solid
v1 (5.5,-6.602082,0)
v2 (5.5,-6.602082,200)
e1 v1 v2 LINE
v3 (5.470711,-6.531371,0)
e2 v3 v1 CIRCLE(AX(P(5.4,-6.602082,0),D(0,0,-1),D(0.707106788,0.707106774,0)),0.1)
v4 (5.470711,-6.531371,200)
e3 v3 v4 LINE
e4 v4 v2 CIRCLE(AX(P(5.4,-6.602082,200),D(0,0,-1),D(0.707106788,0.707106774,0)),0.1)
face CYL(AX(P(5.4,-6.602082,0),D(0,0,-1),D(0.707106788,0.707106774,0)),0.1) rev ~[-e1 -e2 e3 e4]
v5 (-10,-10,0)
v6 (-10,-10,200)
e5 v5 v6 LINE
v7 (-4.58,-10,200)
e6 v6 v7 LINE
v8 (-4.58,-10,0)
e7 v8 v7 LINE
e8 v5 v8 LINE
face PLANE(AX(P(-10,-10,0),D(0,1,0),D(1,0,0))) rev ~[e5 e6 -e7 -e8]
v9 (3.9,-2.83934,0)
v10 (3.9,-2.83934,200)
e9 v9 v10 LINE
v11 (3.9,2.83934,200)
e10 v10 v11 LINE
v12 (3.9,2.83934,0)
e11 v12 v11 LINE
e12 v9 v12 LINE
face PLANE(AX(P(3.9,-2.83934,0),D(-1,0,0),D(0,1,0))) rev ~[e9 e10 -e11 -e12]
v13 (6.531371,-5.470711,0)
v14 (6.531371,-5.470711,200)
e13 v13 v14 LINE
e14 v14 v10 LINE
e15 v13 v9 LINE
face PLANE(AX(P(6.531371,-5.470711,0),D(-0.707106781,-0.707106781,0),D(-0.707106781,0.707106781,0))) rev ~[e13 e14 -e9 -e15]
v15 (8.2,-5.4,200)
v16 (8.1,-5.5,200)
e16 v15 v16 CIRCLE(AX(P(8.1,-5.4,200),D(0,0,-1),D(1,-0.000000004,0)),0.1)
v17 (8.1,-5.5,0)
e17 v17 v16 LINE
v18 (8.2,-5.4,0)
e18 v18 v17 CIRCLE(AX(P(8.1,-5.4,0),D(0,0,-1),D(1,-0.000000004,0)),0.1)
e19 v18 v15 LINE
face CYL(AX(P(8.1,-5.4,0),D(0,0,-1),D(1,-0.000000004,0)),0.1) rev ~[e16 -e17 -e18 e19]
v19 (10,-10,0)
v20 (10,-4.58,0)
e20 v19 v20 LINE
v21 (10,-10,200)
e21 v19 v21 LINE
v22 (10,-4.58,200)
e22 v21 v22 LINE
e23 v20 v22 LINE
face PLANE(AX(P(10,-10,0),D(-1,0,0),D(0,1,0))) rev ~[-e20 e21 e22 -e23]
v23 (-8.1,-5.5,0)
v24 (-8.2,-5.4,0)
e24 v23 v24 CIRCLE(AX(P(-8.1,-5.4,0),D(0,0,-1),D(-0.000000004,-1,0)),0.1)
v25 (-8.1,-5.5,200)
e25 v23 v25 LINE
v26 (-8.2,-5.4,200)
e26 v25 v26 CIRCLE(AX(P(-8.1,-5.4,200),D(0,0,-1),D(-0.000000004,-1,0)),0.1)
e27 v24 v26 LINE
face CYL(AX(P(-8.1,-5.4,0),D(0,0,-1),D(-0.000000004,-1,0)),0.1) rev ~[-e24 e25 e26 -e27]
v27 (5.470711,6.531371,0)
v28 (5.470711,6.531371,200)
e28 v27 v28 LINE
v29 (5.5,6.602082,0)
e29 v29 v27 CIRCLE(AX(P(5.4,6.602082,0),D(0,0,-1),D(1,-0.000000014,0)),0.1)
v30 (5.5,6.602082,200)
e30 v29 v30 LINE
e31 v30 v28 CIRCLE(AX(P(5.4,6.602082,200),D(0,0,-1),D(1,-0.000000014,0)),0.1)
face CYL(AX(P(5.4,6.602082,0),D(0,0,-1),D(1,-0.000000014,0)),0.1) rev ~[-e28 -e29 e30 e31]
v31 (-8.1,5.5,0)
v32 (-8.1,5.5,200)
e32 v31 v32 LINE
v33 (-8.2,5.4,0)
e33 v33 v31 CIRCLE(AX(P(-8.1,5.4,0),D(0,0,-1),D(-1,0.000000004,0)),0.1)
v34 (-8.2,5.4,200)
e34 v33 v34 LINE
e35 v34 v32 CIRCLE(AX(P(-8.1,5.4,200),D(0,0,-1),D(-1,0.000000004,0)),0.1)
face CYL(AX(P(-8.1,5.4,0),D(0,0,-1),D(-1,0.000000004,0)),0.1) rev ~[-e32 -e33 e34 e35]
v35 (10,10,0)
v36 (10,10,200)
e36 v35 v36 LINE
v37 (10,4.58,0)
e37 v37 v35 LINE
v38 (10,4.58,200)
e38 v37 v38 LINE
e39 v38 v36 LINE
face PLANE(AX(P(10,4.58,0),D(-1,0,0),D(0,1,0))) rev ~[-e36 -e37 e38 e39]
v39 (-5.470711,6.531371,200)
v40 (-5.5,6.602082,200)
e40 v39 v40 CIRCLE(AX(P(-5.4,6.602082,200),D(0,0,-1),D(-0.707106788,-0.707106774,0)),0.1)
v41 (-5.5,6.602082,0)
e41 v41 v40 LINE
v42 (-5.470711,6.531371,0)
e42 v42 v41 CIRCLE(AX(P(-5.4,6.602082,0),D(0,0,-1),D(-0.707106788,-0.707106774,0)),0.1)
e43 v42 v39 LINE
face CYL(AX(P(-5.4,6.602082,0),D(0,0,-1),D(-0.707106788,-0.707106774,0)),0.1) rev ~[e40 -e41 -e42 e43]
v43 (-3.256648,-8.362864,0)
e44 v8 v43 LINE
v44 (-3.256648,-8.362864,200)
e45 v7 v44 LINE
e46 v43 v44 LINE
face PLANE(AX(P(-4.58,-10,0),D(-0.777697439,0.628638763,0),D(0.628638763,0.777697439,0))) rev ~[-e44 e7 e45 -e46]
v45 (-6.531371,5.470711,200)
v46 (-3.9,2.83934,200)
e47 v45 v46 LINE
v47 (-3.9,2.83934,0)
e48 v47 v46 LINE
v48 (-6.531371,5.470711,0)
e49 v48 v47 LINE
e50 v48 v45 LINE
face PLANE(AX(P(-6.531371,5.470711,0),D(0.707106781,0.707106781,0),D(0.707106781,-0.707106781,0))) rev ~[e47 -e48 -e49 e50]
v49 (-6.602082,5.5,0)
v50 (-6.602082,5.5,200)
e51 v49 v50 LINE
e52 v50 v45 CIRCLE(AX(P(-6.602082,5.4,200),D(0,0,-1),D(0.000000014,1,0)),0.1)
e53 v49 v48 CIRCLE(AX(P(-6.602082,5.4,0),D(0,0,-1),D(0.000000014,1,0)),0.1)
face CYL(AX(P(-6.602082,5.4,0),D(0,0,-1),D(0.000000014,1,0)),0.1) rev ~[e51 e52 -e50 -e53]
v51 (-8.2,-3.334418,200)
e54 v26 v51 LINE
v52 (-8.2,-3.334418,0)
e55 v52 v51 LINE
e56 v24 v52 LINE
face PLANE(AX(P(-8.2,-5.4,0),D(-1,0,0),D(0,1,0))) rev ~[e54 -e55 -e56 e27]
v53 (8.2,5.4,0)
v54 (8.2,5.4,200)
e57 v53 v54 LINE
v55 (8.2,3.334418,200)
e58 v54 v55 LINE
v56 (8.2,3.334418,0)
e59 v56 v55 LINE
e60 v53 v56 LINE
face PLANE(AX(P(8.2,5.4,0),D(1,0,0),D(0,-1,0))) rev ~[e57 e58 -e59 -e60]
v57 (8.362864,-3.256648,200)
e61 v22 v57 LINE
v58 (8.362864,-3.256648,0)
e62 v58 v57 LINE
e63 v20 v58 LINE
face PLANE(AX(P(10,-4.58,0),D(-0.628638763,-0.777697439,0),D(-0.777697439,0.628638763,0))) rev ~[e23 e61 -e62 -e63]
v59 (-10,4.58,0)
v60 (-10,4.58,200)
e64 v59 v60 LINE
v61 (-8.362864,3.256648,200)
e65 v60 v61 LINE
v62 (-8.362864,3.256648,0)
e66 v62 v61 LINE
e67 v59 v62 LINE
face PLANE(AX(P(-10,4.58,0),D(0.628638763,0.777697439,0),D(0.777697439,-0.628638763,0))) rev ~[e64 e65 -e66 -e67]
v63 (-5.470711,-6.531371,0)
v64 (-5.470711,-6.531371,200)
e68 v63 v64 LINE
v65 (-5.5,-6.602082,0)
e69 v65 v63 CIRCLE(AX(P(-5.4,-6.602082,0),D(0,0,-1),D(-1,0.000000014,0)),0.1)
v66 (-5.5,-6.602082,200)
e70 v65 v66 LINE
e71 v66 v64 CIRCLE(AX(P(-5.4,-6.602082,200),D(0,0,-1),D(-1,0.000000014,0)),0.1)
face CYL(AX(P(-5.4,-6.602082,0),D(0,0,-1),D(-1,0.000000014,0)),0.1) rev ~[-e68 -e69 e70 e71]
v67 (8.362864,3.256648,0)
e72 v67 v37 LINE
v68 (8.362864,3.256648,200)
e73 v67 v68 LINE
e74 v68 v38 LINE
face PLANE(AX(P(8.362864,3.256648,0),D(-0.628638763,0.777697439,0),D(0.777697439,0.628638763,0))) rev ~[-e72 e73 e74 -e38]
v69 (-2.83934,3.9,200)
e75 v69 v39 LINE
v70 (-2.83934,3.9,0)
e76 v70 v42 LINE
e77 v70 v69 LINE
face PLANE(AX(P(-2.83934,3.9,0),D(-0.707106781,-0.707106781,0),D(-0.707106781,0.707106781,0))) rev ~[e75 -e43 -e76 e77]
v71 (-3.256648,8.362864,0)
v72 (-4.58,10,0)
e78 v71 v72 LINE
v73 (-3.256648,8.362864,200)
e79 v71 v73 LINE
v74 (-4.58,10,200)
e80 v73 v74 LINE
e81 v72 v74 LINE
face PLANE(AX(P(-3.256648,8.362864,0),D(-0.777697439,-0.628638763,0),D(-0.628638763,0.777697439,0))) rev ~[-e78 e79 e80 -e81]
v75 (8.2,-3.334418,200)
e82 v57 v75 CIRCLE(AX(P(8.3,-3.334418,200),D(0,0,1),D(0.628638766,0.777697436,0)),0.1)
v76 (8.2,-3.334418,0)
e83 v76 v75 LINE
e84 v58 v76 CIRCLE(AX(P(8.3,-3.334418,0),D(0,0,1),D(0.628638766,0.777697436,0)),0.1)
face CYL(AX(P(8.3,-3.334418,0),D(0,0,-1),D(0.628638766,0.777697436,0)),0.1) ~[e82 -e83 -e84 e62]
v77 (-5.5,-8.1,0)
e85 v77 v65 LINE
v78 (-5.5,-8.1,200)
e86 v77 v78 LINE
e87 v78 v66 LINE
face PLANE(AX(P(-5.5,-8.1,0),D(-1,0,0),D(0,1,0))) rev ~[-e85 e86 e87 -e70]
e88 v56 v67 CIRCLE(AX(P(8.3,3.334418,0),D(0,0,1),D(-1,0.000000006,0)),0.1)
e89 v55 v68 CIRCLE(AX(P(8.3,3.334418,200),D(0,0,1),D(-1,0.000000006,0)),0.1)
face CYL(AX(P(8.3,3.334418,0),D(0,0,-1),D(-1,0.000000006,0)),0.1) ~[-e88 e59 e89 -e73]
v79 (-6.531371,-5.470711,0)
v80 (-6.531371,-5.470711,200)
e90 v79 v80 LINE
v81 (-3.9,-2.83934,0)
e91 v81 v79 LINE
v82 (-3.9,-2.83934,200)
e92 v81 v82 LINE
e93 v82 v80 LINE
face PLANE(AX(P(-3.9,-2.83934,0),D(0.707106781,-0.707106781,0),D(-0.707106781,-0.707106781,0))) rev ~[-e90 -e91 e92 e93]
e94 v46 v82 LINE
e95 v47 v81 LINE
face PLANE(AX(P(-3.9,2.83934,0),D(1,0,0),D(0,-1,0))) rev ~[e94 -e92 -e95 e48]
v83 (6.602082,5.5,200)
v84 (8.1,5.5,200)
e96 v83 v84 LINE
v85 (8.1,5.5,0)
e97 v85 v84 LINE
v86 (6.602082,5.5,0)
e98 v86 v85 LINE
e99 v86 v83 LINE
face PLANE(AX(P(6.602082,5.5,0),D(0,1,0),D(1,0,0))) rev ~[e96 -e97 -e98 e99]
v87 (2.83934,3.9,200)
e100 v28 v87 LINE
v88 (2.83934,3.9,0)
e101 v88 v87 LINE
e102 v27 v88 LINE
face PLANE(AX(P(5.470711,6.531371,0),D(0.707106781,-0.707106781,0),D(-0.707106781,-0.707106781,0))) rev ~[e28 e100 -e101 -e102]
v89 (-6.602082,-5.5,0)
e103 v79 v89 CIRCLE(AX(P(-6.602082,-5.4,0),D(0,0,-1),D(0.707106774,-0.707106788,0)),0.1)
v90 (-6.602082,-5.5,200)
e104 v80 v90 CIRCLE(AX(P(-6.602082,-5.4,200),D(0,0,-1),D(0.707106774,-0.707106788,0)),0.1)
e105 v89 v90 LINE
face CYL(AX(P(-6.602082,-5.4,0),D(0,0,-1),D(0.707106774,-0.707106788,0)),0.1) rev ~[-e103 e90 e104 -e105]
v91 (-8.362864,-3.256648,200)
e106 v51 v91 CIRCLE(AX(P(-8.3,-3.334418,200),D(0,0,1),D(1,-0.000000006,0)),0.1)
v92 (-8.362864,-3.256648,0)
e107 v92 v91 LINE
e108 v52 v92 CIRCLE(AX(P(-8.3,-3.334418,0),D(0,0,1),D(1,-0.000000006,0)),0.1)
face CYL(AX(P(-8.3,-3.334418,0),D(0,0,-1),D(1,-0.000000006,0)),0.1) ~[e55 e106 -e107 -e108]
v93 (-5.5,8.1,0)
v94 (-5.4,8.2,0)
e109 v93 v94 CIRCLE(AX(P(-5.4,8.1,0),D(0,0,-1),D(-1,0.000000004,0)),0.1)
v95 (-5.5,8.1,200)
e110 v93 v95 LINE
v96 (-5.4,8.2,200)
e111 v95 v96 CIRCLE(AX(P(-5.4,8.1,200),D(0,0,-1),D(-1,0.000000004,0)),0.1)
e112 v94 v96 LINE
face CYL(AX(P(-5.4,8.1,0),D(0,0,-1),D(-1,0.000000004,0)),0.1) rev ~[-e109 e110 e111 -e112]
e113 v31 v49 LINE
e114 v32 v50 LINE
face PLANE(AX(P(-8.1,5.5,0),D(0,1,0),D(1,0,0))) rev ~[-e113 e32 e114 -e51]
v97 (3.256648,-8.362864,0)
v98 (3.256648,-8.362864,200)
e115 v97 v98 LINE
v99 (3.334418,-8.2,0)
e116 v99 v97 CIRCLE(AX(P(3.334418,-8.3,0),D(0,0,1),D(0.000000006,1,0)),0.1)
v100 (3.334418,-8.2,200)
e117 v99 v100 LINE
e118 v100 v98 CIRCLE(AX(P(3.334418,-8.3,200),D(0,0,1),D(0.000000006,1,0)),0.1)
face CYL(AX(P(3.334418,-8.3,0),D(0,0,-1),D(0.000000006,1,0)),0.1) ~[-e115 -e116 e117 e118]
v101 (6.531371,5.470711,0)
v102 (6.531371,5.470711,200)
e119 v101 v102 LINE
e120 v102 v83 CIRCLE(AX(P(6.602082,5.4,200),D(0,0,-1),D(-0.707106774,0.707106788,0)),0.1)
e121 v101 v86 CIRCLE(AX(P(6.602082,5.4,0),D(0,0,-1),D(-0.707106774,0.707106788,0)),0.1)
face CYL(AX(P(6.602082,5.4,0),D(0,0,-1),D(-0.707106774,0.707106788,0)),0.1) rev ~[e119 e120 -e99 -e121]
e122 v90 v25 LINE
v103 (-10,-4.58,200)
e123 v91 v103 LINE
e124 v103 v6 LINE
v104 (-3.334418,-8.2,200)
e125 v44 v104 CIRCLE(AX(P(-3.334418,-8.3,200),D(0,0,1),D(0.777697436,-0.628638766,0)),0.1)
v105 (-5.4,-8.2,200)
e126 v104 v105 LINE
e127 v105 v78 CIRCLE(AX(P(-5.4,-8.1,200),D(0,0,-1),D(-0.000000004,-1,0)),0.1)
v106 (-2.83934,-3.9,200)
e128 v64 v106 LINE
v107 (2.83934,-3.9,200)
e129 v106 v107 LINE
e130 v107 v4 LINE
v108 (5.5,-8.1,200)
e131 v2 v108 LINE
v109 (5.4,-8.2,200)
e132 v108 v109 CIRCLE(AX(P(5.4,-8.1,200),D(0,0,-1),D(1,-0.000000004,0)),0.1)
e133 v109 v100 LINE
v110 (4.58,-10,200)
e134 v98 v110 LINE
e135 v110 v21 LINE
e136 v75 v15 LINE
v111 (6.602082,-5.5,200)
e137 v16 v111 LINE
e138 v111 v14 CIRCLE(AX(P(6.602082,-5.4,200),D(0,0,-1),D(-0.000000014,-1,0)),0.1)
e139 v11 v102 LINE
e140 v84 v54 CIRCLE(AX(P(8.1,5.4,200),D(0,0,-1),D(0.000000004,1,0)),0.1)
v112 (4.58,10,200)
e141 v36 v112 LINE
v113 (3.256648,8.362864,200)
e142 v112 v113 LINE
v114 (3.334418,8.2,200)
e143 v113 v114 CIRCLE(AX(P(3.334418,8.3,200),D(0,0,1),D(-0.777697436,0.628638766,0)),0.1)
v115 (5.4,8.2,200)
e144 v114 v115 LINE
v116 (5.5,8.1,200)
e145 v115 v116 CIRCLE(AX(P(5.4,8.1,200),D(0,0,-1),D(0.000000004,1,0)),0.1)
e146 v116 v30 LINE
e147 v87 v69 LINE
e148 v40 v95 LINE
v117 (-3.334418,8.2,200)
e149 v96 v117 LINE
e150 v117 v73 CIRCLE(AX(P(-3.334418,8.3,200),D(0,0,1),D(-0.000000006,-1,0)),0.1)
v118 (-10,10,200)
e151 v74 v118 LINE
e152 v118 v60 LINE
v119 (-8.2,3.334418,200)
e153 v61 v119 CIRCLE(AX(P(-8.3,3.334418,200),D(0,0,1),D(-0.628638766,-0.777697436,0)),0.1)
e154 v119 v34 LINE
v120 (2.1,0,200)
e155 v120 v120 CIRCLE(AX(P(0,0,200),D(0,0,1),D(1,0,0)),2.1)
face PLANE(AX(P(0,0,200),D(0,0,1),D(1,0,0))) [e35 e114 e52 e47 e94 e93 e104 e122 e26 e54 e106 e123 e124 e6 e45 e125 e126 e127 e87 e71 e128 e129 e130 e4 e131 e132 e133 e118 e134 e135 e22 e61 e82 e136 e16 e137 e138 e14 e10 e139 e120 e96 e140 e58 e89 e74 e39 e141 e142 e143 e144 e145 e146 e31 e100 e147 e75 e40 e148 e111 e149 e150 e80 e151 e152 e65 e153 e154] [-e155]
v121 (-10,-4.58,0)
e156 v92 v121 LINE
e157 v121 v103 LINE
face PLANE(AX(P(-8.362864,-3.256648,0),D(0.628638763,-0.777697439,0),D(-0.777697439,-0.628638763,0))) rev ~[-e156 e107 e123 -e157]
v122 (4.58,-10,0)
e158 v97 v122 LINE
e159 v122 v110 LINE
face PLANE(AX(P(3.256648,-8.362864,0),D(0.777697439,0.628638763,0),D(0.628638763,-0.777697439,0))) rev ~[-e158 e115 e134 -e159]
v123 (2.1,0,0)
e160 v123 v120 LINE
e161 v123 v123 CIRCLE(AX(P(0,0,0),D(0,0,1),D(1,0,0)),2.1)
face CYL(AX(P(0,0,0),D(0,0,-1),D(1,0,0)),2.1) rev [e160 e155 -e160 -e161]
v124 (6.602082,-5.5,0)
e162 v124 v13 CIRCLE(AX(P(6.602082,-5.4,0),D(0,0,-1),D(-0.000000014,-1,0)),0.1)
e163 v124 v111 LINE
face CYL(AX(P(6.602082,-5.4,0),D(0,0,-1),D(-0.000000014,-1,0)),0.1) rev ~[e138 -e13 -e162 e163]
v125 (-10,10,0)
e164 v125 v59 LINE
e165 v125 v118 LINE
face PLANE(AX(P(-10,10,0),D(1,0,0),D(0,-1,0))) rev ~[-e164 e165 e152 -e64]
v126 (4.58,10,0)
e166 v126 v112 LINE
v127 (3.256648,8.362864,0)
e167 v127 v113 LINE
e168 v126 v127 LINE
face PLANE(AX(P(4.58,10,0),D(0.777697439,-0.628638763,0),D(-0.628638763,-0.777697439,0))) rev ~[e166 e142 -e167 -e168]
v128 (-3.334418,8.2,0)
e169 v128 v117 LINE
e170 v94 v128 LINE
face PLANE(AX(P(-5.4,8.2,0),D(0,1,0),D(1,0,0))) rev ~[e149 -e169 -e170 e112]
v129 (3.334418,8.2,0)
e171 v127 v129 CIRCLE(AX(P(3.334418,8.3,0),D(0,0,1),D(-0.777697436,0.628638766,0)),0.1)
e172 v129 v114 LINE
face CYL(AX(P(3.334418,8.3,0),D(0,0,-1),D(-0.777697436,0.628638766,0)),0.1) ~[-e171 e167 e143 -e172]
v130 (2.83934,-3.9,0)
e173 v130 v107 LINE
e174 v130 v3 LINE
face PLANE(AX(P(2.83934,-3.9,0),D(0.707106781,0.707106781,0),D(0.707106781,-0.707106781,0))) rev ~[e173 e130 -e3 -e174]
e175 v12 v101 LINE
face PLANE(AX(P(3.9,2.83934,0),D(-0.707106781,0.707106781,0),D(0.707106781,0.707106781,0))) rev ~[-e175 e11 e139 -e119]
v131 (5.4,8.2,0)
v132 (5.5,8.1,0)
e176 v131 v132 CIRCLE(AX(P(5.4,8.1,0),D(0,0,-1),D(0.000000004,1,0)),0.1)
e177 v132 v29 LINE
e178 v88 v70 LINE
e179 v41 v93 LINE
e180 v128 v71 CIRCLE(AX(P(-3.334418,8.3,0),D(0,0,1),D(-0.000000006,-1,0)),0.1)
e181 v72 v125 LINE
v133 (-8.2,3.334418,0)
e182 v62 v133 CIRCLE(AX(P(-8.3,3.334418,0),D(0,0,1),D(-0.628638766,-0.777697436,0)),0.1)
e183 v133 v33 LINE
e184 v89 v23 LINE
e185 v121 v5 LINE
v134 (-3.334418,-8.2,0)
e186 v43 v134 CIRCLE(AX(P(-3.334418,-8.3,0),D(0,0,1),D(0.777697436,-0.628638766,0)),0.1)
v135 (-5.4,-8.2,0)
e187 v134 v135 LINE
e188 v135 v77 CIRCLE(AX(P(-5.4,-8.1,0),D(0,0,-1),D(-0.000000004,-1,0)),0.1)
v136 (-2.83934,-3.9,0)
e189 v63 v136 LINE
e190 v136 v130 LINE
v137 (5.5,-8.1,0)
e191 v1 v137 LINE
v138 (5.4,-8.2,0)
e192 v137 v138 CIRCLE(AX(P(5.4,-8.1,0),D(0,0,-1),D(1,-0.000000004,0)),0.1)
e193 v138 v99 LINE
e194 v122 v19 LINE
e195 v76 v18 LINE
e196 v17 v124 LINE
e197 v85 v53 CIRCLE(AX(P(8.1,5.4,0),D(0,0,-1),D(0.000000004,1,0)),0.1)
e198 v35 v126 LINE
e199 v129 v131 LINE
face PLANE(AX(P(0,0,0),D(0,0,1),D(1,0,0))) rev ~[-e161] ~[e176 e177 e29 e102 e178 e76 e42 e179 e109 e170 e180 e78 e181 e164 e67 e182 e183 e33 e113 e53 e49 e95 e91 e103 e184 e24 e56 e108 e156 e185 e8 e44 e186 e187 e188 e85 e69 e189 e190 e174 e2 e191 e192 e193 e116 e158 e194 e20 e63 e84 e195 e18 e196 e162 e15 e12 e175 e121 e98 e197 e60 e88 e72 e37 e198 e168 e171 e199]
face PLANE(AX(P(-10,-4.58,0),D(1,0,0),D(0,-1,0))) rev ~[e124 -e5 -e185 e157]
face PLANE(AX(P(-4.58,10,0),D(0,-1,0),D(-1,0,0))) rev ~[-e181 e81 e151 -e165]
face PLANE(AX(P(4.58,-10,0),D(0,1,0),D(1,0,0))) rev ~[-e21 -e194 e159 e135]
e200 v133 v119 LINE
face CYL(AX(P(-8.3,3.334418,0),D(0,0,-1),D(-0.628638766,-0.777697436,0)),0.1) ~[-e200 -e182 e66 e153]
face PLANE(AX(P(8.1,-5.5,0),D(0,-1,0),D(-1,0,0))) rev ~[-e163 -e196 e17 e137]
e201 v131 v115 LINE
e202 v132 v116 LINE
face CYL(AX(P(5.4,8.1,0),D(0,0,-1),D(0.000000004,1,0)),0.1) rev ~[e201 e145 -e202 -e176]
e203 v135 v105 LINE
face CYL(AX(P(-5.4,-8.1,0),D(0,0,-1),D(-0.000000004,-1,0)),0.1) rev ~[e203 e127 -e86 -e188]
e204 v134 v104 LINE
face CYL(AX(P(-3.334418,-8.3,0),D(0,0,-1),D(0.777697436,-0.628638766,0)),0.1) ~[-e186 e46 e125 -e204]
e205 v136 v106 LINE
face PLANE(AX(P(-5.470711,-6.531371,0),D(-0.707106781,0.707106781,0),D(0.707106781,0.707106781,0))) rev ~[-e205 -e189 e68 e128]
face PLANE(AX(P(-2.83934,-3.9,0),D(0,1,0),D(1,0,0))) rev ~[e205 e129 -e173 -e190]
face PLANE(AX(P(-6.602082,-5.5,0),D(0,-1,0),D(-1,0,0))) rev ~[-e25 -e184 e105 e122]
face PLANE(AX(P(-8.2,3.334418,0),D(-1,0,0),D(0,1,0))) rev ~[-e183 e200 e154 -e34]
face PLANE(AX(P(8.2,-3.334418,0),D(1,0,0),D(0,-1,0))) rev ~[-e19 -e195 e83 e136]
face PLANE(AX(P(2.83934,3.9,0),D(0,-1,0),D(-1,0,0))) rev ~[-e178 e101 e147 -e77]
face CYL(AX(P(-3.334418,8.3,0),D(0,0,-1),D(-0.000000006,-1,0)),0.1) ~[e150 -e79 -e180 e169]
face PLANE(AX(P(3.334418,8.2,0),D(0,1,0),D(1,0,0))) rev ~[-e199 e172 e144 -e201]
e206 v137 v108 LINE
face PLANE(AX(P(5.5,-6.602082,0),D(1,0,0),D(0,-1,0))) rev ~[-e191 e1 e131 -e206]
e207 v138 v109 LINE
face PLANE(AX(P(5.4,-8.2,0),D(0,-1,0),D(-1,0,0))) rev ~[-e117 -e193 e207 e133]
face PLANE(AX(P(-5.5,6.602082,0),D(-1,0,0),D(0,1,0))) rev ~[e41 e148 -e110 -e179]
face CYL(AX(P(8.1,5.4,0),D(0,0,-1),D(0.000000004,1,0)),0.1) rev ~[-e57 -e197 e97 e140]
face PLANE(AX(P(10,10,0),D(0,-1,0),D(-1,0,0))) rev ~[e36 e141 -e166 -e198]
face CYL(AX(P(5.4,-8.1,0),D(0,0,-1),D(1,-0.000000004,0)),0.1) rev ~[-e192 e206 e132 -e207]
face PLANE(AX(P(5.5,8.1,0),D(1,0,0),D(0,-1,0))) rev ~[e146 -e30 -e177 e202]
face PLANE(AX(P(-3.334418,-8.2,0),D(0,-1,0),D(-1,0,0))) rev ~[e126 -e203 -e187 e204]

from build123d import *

# Parameters (mm, degrees)
SKETCH1_R           = 2.1
BOSS_EXTRUDE1_DEPTH = 200


with BuildPart() as part:
    # Sketch1 → Boss-Extrude1 (new body)
    with BuildSketch(Plane.XY):
        with BuildLine():
            Line((-2.839339828, 3.9), (-5.470710678, 6.53137085))
            ThreePointArc((-5.470710678, 6.53137085), (-5.492387953, 6.563813185), (-5.5, 6.602081528))
            Line((-5.5, 6.602081528), (-5.5, 8.1))
            ThreePointArc((-5.5, 8.1), (-5.470710678, 8.170710678), (-5.4, 8.2))
            Line((-5.4, 8.2), (-3.334418044, 8.2))
            ThreePointArc((-3.334418044, 8.2), (-3.244178397, 8.256909326), (-3.2566483, 8.362863876))
            Line((-3.2566483, 8.362863876), (-4.58, 10))
            Line((-4.58, 10), (-10, 10))
            Line((-10, 10), (-10, 4.58))
            Line((-10, 4.58), (-8.362863876, 3.2566483))
            ThreePointArc((-8.362863876, 3.2566483), (-8.256909326, 3.244178397), (-8.2, 3.334418044))
            Line((-8.2, 3.334418044), (-8.2, 5.4))
            ThreePointArc((-8.2, 5.4), (-8.170710678, 5.470710678), (-8.1, 5.5))
            Line((-8.1, 5.5), (-6.602081528, 5.5))
            ThreePointArc((-6.602081528, 5.5), (-6.563813185, 5.492387953), (-6.53137085, 5.470710678))
            Line((-6.53137085, 5.470710678), (-3.9, 2.839339828))
            Line((-3.9, 2.839339828), (-3.9, -2.839339828))
            Line((-3.9, -2.839339828), (-6.53137085, -5.470710678))
            ThreePointArc((-6.53137085, -5.470710678), (-6.563813185, -5.492387953), (-6.602081528, -5.5))
            Line((-6.602081528, -5.5), (-8.1, -5.5))
            ThreePointArc((-8.1, -5.5), (-8.170710678, -5.470710678), (-8.2, -5.4))
            Line((-8.2, -5.4), (-8.2, -3.334418044))
            ThreePointArc((-8.2, -3.334418044), (-8.256909326, -3.244178397), (-8.362863876, -3.2566483))
            Line((-8.362863876, -3.2566483), (-10, -4.58))
            Line((-10, -4.58), (-10, -10))
            Line((-10, -10), (-4.58, -10))
            Line((-4.58, -10), (-3.2566483, -8.362863876))
            ThreePointArc((-3.2566483, -8.362863876), (-3.244178397, -8.256909326), (-3.334418044, -8.2))
            Line((-3.334418044, -8.2), (-5.4, -8.2))
            ThreePointArc((-5.4, -8.2), (-5.470710678, -8.170710678), (-5.5, -8.1))
            Line((-5.5, -8.1), (-5.5, -6.602081528))
            ThreePointArc((-5.5, -6.602081528), (-5.492387953, -6.563813185), (-5.470710678, -6.53137085))
            Line((-5.470710678, -6.53137085), (-2.839339828, -3.9))
            Line((-2.839339828, -3.9), (2.839339828, -3.9))
            Line((2.839339828, -3.9), (5.470710678, -6.53137085))
            ThreePointArc((5.470710678, -6.53137085), (5.492387953, -6.563813185), (5.5, -6.602081528))
            Line((5.5, -6.602081528), (5.5, -8.1))
            ThreePointArc((5.5, -8.1), (5.470710678, -8.170710678), (5.4, -8.2))
            Line((5.4, -8.2), (3.334418044, -8.2))
            ThreePointArc((3.334418044, -8.2), (3.244178397, -8.256909326), (3.2566483, -8.362863876))
            Line((3.2566483, -8.362863876), (4.58, -10))
            Line((4.58, -10), (10, -10))
            Line((10, -10), (10, -4.58))
            Line((10, -4.58), (8.362863876, -3.2566483))
            ThreePointArc((8.362863876, -3.2566483), (8.256909326, -3.244178397), (8.2, -3.334418044))
            Line((8.2, -3.334418044), (8.2, -5.4))
            ThreePointArc((8.2, -5.4), (8.170710678, -5.470710678), (8.1, -5.5))
            Line((8.1, -5.5), (6.602081528, -5.5))
            ThreePointArc((6.602081528, -5.5), (6.563813185, -5.492387953), (6.53137085, -5.470710678))
            Line((6.53137085, -5.470710678), (3.9, -2.839339828))
            Line((3.9, -2.839339828), (3.9, 2.839339828))
            Line((3.9, 2.839339828), (6.53137085, 5.470710678))
            ThreePointArc((6.53137085, 5.470710678), (6.563813185, 5.492387953), (6.602081528, 5.5))
            Line((6.602081528, 5.5), (8.1, 5.5))
            ThreePointArc((8.1, 5.5), (8.170710678, 5.470710678), (8.2, 5.4))
            Line((8.2, 5.4), (8.2, 3.334418044))
            ThreePointArc((8.2, 3.334418044), (8.256909326, 3.244178397), (8.362863876, 3.2566483))
            Line((8.362863876, 3.2566483), (10, 4.58))
            Line((10, 4.58), (10, 10))
            Line((10, 10), (4.58, 10))
            Line((4.58, 10), (3.2566483, 8.362863876))
            ThreePointArc((3.2566483, 8.362863876), (3.244178397, 8.256909326), (3.334418044, 8.2))
            Line((3.334418044, 8.2), (5.4, 8.2))
            ThreePointArc((5.4, 8.2), (5.470710678, 8.170710678), (5.5, 8.1))
            Line((5.5, 8.1), (5.5, 6.602081528))
            ThreePointArc((5.5, 6.602081528), (5.492387953, 6.563813185), (5.470710678, 6.53137085))
            Line((5.470710678, 6.53137085), (2.839339828, 3.9))
            Line((2.839339828, 3.9), (-2.839339828, 3.9))
        make_face()
        Circle(SKETCH1_R, mode=Mode.SUBTRACT)
    extrude(amount=BOSS_EXTRUDE1_DEPTH)


solid = part.part
